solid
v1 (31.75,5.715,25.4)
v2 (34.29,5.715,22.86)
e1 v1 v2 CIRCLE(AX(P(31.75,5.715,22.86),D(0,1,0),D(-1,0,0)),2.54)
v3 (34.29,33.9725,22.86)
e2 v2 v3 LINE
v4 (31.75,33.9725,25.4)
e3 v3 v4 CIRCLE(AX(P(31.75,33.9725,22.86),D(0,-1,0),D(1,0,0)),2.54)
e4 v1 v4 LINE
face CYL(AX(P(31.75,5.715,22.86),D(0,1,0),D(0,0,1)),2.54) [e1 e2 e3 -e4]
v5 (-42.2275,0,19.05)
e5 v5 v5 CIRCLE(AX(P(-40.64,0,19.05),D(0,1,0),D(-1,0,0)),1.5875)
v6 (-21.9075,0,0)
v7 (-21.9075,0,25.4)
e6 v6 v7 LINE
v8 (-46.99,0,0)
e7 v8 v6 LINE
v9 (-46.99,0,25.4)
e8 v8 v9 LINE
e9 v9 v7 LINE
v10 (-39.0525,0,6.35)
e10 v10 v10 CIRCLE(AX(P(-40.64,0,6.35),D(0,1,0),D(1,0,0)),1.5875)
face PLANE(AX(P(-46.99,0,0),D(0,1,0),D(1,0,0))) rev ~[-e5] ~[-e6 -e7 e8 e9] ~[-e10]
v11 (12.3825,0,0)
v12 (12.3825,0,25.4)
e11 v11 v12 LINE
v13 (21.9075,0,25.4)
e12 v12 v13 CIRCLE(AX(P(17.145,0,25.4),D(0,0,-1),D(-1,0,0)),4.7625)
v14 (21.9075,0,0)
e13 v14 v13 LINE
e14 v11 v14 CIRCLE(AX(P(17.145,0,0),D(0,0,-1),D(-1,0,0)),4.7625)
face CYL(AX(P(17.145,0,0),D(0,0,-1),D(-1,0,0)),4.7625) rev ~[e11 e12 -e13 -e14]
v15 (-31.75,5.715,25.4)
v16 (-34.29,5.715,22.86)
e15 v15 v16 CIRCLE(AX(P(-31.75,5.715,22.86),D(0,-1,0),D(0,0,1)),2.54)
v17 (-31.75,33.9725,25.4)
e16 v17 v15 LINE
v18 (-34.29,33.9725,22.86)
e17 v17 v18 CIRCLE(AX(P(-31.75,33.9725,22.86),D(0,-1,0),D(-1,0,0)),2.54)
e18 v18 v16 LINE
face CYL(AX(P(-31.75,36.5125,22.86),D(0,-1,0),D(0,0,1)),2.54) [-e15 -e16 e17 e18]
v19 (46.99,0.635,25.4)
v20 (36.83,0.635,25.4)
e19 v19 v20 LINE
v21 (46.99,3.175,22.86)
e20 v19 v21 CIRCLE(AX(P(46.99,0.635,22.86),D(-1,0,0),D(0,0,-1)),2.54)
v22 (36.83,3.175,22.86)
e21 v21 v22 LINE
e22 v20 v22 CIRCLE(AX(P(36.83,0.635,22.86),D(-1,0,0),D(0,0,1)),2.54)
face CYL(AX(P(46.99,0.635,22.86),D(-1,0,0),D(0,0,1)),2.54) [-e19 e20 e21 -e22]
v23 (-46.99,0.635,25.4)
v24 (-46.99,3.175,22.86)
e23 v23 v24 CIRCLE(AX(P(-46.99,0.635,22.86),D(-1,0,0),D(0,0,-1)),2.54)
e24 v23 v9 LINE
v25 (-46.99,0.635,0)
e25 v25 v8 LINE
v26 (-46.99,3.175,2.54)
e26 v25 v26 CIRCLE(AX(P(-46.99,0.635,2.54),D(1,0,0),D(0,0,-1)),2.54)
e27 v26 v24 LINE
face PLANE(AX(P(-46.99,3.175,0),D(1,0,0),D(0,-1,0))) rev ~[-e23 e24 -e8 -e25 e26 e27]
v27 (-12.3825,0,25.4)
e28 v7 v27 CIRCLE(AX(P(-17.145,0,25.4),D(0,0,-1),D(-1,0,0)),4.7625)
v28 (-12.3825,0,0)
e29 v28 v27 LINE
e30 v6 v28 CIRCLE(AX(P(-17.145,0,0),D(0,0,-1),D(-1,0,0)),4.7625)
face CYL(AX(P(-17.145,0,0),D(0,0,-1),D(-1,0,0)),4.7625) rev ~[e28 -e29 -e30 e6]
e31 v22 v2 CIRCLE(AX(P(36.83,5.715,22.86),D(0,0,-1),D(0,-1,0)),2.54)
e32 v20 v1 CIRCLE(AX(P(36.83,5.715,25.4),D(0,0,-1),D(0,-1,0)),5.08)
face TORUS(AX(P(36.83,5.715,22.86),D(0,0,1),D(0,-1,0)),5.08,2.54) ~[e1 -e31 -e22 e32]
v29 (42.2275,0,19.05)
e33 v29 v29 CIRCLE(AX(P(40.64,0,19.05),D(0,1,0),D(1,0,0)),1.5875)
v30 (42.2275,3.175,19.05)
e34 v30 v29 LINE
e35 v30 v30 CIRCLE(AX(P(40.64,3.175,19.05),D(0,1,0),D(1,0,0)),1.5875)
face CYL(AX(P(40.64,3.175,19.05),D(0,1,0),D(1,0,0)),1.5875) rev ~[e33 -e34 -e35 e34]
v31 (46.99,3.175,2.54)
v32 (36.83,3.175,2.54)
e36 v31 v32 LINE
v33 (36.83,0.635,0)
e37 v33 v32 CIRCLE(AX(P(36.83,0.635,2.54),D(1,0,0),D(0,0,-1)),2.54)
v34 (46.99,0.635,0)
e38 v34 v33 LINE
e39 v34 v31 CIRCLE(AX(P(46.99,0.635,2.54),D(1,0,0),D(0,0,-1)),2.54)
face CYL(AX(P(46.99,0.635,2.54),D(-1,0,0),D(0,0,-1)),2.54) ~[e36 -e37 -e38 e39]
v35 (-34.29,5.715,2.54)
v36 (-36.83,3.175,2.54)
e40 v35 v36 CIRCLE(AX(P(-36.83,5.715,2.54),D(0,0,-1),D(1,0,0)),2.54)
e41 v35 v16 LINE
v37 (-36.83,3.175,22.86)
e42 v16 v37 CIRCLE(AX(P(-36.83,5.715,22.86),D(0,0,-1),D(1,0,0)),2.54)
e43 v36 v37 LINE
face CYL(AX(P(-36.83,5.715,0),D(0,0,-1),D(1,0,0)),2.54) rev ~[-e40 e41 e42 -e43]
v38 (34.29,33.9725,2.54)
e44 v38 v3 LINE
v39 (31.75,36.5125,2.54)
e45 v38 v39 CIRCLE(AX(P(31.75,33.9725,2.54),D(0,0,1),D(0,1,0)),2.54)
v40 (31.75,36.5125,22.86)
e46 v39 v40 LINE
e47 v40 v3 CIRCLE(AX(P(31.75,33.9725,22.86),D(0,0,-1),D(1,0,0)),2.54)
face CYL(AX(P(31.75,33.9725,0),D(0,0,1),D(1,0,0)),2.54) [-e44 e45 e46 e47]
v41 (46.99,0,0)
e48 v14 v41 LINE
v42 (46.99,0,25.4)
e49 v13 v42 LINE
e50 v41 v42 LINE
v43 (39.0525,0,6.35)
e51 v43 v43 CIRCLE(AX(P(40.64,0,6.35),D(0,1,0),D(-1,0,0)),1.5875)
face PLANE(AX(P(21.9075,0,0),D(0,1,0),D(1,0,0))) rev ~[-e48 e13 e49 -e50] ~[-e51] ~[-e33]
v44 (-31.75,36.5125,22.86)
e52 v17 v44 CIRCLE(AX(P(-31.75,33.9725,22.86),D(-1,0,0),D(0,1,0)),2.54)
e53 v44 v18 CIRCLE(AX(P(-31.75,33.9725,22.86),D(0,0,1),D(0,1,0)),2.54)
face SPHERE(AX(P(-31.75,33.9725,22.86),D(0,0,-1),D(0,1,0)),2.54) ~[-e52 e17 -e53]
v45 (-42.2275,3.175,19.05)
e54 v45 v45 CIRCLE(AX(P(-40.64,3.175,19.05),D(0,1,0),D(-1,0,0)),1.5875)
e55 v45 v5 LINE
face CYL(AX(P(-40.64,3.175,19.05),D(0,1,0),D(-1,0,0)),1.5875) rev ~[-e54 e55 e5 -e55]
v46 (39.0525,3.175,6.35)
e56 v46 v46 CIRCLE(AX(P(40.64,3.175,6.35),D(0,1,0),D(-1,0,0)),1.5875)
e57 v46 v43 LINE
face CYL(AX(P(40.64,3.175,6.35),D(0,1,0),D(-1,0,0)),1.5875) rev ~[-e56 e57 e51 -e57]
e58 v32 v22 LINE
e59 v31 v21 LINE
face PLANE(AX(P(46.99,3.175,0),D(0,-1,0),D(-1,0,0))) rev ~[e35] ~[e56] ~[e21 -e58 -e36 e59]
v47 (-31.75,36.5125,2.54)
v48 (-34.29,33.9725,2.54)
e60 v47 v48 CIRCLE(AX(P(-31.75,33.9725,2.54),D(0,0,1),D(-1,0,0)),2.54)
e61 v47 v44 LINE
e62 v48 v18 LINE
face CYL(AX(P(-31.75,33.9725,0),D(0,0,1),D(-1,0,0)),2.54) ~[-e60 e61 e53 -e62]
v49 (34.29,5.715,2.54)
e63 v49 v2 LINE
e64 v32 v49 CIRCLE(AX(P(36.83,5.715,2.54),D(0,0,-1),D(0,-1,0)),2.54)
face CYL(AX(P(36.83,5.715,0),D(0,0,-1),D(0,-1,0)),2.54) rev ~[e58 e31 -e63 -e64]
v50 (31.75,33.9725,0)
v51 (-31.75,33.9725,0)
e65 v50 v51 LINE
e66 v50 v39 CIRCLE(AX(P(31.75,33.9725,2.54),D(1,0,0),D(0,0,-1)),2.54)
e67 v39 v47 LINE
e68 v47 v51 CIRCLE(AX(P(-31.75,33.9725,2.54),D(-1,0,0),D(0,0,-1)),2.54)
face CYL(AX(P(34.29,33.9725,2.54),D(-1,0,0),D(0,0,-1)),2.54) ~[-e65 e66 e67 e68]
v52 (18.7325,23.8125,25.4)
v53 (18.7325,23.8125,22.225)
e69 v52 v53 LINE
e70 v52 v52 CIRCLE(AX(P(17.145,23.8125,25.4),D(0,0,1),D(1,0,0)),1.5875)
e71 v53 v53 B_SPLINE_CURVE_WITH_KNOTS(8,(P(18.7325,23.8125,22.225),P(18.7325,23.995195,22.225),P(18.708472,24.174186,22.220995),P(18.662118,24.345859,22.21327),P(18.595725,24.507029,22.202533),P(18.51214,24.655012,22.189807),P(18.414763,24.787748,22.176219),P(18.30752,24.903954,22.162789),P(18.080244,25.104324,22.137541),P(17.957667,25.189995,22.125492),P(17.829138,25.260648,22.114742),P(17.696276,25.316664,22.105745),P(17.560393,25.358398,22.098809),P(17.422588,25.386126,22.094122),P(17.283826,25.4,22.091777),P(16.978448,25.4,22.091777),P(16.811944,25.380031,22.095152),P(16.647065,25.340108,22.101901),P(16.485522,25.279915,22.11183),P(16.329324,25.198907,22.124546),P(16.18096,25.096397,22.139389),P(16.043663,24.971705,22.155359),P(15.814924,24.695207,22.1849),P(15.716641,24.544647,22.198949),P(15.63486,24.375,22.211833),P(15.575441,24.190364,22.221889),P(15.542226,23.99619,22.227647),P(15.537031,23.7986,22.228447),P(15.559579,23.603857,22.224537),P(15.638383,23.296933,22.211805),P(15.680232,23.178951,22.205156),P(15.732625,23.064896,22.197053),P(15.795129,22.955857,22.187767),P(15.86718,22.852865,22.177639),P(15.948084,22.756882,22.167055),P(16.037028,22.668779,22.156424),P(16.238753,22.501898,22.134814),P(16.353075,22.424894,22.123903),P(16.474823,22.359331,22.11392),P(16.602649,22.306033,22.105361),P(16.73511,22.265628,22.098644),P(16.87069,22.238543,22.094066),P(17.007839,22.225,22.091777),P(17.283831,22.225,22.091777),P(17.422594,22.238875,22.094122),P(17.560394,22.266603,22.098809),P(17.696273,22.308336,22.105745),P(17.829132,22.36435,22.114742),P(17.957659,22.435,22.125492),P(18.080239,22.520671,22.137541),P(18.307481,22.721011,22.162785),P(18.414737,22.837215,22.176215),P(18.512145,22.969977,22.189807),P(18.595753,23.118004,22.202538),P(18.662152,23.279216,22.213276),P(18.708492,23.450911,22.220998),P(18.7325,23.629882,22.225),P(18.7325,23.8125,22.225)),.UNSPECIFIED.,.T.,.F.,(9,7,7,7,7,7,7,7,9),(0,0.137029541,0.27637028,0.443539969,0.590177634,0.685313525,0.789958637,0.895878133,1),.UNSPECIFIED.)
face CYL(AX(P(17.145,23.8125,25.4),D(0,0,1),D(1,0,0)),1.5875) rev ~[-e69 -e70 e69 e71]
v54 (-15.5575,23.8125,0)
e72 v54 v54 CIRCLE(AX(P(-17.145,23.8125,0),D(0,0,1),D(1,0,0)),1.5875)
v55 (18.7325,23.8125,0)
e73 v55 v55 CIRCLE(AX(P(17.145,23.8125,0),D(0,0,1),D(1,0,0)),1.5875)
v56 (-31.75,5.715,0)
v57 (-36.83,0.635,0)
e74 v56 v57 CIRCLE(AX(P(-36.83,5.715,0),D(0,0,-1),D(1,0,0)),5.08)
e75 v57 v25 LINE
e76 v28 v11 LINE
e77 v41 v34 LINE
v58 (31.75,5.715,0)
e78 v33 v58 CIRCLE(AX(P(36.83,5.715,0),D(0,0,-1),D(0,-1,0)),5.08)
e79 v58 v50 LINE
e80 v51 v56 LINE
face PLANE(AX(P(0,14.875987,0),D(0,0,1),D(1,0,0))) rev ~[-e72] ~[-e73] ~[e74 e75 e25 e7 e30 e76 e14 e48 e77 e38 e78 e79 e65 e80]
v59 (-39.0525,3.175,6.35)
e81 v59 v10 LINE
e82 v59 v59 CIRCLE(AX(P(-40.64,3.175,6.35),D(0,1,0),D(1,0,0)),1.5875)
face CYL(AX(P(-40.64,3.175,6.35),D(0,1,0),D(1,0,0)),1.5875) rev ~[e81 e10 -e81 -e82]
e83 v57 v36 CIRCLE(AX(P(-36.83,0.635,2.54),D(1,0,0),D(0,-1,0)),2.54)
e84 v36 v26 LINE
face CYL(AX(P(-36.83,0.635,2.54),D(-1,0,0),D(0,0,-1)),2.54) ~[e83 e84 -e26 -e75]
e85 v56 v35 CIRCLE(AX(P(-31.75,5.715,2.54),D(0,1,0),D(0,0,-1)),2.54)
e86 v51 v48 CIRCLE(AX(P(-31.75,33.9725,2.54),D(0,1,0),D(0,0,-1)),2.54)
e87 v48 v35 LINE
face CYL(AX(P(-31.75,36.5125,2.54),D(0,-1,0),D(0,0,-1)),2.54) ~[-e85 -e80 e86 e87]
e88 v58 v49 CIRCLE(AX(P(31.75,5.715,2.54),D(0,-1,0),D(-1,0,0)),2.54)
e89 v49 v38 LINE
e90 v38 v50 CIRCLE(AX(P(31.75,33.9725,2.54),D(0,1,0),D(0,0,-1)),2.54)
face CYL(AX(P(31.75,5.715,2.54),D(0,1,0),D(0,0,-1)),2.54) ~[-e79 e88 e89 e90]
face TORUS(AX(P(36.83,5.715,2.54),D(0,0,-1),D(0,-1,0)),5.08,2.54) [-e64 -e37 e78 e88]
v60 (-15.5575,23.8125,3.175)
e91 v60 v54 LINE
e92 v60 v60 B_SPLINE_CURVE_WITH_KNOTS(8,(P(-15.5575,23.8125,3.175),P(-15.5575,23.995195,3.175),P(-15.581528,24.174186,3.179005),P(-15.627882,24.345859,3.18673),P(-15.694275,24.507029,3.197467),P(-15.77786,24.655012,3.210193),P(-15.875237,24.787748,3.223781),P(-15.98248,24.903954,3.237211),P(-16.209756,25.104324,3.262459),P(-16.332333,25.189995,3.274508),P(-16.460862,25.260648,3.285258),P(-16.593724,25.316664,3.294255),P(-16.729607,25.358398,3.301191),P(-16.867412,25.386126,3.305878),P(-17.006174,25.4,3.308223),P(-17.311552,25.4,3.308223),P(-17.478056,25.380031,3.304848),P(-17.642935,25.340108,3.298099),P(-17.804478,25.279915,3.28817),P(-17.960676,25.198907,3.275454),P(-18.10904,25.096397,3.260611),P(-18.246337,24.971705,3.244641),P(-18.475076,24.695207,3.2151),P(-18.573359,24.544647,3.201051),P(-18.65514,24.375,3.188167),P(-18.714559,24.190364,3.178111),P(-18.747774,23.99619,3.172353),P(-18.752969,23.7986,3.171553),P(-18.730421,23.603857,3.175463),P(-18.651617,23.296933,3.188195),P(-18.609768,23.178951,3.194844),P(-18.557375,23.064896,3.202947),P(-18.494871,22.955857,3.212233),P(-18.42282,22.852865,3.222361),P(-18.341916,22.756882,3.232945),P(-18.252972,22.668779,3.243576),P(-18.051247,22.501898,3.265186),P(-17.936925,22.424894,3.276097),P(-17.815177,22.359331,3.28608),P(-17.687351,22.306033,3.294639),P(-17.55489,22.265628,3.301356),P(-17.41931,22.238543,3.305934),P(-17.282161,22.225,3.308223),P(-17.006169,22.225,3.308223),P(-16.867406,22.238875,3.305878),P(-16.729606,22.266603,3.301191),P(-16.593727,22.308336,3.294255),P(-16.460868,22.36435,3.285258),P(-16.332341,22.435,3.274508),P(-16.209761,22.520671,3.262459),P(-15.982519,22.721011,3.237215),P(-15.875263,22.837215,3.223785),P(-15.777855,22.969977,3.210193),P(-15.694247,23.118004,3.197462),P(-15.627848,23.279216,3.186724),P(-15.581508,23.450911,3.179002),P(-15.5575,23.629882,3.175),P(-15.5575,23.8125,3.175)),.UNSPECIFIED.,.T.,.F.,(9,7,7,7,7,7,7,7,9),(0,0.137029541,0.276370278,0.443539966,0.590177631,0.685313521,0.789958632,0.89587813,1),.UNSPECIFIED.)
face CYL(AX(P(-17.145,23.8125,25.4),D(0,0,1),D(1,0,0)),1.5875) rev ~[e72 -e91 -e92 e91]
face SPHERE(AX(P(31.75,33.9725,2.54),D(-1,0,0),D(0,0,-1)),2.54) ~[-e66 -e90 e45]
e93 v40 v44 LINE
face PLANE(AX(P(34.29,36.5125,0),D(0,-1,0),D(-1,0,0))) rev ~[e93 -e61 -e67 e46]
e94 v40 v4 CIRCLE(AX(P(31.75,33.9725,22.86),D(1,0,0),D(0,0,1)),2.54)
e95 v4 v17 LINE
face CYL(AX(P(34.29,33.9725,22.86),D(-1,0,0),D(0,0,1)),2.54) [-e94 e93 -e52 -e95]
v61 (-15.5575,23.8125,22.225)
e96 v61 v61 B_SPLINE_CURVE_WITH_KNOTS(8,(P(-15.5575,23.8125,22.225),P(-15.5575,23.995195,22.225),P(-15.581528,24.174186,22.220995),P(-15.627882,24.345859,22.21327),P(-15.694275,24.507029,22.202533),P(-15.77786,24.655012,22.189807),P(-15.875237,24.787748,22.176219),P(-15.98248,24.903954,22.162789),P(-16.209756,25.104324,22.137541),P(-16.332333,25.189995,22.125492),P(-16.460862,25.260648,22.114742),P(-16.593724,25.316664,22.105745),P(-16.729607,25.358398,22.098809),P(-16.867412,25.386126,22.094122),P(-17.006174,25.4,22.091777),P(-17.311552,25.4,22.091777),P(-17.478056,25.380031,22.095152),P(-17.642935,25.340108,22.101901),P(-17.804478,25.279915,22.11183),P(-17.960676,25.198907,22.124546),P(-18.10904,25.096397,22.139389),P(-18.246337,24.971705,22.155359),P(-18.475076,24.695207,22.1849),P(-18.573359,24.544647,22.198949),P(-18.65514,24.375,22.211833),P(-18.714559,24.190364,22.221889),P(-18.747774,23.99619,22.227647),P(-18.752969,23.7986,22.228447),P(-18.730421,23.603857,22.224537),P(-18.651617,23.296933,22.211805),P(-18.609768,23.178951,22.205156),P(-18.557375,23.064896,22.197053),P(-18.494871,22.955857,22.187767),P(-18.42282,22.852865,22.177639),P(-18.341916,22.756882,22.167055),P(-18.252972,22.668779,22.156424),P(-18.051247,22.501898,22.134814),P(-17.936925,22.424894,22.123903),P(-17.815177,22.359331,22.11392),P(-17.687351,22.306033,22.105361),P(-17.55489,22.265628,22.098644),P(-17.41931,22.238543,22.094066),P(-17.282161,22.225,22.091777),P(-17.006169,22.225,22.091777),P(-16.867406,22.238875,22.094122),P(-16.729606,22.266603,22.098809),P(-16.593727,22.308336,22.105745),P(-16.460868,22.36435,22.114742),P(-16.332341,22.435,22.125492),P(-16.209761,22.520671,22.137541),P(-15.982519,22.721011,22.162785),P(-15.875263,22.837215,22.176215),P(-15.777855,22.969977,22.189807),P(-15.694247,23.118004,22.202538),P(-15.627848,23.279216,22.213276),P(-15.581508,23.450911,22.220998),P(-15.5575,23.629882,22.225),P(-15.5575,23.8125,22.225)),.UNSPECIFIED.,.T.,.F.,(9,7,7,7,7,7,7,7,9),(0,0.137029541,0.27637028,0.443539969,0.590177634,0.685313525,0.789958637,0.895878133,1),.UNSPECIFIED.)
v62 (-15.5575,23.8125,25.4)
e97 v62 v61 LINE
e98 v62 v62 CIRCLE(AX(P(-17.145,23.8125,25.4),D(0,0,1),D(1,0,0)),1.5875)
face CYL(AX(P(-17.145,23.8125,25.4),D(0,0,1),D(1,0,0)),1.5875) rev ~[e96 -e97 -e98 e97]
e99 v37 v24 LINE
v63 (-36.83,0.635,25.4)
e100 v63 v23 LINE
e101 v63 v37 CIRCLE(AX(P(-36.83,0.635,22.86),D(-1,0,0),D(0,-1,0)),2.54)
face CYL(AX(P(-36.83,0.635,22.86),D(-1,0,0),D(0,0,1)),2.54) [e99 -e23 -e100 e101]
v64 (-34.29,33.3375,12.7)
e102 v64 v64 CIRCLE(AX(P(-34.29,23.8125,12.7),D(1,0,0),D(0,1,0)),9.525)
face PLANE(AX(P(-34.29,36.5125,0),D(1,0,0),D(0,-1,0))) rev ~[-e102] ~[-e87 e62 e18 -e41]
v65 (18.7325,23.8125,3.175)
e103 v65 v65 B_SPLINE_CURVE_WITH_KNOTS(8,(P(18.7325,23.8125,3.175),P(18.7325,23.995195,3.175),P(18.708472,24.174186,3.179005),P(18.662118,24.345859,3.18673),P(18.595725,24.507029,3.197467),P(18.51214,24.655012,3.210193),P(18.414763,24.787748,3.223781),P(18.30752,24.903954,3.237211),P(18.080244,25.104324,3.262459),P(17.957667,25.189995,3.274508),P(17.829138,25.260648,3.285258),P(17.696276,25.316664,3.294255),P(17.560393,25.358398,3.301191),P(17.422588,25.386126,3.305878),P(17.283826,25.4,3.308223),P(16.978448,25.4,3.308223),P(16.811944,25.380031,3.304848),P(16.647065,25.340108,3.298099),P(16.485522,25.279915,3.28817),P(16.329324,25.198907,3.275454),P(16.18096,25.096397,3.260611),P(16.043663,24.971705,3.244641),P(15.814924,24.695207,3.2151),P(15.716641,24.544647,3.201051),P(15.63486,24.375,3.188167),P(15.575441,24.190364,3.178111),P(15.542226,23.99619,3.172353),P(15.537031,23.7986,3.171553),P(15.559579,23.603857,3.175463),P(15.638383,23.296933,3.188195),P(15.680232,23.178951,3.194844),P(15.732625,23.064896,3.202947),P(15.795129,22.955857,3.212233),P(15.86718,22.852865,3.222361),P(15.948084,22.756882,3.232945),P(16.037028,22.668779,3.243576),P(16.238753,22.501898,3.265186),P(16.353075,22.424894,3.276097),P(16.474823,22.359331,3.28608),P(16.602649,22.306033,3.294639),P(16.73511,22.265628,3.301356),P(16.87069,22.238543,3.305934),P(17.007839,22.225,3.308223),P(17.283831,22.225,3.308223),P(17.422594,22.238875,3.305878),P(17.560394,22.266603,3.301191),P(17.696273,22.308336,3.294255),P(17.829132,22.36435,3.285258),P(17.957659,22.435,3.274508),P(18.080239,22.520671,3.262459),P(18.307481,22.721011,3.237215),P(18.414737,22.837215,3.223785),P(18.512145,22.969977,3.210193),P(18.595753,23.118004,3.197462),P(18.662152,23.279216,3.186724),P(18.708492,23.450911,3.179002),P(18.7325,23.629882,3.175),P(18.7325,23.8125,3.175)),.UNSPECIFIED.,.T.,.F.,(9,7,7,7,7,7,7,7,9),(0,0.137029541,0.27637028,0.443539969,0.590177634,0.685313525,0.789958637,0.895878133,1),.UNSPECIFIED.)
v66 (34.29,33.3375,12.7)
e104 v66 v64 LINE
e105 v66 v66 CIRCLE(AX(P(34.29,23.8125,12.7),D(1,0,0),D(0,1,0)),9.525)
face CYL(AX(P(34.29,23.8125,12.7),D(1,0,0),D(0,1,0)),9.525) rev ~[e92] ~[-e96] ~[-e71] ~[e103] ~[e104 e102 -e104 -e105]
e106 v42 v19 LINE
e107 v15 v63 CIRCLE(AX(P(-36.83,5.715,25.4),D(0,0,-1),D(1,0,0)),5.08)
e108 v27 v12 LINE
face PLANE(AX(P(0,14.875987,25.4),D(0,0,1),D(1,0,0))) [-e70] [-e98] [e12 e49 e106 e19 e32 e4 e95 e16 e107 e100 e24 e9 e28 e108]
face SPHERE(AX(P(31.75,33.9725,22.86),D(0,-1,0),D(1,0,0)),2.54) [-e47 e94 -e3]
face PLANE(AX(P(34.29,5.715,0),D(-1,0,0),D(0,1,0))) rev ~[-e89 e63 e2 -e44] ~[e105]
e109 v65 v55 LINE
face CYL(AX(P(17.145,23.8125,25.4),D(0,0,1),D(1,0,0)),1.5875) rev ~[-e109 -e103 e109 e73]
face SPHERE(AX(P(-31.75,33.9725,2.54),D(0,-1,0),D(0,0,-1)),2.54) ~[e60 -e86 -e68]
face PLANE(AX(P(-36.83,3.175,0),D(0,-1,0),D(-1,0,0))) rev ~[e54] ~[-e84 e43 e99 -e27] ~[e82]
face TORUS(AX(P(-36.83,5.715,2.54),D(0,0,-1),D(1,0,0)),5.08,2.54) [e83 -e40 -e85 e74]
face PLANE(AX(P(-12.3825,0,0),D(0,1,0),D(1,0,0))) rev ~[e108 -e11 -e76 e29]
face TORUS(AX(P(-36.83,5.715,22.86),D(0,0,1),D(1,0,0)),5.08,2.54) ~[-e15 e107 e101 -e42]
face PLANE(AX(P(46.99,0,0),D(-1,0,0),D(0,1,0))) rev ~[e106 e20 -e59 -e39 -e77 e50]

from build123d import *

# Parameters (mm, degrees)
BOSS_EXTRUDE1_DEPTH = 25.4
SKETCH2_R           = 1.5875
CUT_EXTRUDE1_DEPTH  = 63.965141199
SKETCH3_R           = 9.525
CUT_EXTRUDE2_DEPTH  = 93.653985647
SKETCH4_R           = 1.5875
CUT_EXTRUDE3_DEPTH  = 65.702262374
FILLET1_R           = 2.54


with BuildPart() as part:
    # Sketch1 → Boss-Extrude1 (new body)
    with BuildSketch(Plane.XY):
        with BuildLine():
            Line((-12.3825, 0), (12.3825, 0))
            ThreePointArc((12.3825, 0), (17.145, 4.7625), (21.9075, 0))
            Line((21.9075, 0), (46.99, 0))
            Line((46.99, 0), (46.99, 3.175))
            Line((46.99, 3.175), (36.83, 3.175))
            ThreePointArc((36.83, 3.175), (35.033948776, 3.918948776), (34.29, 5.715))
            Line((34.29, 5.715), (34.29, 36.5125))
            Line((34.29, 36.5125), (-34.29, 36.5125))
            Line((-34.29, 36.5125), (-34.29, 5.715))
            ThreePointArc((-34.29, 5.715), (-35.033948776, 3.918948776), (-36.83, 3.175))
            Line((-36.83, 3.175), (-46.99, 3.175))
            Line((-46.99, 3.175), (-46.99, 0))
            Line((-46.99, 0), (-21.9075, 0))
            ThreePointArc((-21.9075, 0), (-17.145, 4.7625), (-12.3825, 0))
        make_face()
    extrude(amount=BOSS_EXTRUDE1_DEPTH)

    # Sketch2 → Cut-Extrude1 (cut, through all)
    with BuildSketch(Plane(origin=(0, 3.175, 0), x_dir=(1, 0, 0), z_dir=(0, 1, 0))):
        with Locations(Location((40.64, -6.35, 0), (0, 0, 180))):
            Circle(SKETCH2_R)
        with Locations((40.64, -19.05)):
            Circle(SKETCH2_R)
        with Locations((-40.64, -6.35)):
            Circle(SKETCH2_R)
        with Locations(Location((-40.64, -19.05, 0), (0, 0, 180))):
            Circle(SKETCH2_R)
    extrude(amount=-CUT_EXTRUDE1_DEPTH, mode=Mode.SUBTRACT)

    # Sketch3 → Cut-Extrude2 (cut, through all)
    with BuildSketch(Plane(origin=(34.29, 0, 0), x_dir=(0, 0, -1), z_dir=(1, 0, 0))):
        with Locations(Location((-12.7, 23.8125, 0), (0, 0, 90))):
            Circle(SKETCH3_R)
    extrude(amount=-CUT_EXTRUDE2_DEPTH, mode=Mode.SUBTRACT)

    # Sketch4 → Cut-Extrude3 (cut, through all)
    with BuildSketch(Plane.XY.offset(25.4)):
        with Locations((17.145, 23.8125)):
            Circle(SKETCH4_R)
        with Locations((-17.145, 23.8125)):
            Circle(SKETCH4_R)
    extrude(amount=-CUT_EXTRUDE3_DEPTH, mode=Mode.SUBTRACT)

    # Fillet1
    fillet1_edges = [part.edges().sort_by_distance(p)[0] for p in [
        (-41.91, 3.175, 0),
        (-35.033948776, 3.918948776, 0),
        (-34.29, 21.11375, 0),
        (0, 36.5125, 0),
        (41.91, 3.175, 25.4),
        (34.29, 21.11375, 0),
        (35.033948776, 3.918948776, 0),
        (41.91, 3.175, 0),
        (35.033948776, 3.918948776, 25.4),
        (-34.29, 36.5125, 12.7),
        (34.29, 36.5125, 12.7),
        (34.29, 21.11375, 25.4),
        (0, 36.5125, 25.4),
        (-34.29, 21.11375, 25.4),
        (-35.033948776, 3.918948776, 25.4),
        (-41.91, 3.175, 25.4),
    ]]
    fillet(fillet1_edges, radius=FILLET1_R)


solid = part.part
